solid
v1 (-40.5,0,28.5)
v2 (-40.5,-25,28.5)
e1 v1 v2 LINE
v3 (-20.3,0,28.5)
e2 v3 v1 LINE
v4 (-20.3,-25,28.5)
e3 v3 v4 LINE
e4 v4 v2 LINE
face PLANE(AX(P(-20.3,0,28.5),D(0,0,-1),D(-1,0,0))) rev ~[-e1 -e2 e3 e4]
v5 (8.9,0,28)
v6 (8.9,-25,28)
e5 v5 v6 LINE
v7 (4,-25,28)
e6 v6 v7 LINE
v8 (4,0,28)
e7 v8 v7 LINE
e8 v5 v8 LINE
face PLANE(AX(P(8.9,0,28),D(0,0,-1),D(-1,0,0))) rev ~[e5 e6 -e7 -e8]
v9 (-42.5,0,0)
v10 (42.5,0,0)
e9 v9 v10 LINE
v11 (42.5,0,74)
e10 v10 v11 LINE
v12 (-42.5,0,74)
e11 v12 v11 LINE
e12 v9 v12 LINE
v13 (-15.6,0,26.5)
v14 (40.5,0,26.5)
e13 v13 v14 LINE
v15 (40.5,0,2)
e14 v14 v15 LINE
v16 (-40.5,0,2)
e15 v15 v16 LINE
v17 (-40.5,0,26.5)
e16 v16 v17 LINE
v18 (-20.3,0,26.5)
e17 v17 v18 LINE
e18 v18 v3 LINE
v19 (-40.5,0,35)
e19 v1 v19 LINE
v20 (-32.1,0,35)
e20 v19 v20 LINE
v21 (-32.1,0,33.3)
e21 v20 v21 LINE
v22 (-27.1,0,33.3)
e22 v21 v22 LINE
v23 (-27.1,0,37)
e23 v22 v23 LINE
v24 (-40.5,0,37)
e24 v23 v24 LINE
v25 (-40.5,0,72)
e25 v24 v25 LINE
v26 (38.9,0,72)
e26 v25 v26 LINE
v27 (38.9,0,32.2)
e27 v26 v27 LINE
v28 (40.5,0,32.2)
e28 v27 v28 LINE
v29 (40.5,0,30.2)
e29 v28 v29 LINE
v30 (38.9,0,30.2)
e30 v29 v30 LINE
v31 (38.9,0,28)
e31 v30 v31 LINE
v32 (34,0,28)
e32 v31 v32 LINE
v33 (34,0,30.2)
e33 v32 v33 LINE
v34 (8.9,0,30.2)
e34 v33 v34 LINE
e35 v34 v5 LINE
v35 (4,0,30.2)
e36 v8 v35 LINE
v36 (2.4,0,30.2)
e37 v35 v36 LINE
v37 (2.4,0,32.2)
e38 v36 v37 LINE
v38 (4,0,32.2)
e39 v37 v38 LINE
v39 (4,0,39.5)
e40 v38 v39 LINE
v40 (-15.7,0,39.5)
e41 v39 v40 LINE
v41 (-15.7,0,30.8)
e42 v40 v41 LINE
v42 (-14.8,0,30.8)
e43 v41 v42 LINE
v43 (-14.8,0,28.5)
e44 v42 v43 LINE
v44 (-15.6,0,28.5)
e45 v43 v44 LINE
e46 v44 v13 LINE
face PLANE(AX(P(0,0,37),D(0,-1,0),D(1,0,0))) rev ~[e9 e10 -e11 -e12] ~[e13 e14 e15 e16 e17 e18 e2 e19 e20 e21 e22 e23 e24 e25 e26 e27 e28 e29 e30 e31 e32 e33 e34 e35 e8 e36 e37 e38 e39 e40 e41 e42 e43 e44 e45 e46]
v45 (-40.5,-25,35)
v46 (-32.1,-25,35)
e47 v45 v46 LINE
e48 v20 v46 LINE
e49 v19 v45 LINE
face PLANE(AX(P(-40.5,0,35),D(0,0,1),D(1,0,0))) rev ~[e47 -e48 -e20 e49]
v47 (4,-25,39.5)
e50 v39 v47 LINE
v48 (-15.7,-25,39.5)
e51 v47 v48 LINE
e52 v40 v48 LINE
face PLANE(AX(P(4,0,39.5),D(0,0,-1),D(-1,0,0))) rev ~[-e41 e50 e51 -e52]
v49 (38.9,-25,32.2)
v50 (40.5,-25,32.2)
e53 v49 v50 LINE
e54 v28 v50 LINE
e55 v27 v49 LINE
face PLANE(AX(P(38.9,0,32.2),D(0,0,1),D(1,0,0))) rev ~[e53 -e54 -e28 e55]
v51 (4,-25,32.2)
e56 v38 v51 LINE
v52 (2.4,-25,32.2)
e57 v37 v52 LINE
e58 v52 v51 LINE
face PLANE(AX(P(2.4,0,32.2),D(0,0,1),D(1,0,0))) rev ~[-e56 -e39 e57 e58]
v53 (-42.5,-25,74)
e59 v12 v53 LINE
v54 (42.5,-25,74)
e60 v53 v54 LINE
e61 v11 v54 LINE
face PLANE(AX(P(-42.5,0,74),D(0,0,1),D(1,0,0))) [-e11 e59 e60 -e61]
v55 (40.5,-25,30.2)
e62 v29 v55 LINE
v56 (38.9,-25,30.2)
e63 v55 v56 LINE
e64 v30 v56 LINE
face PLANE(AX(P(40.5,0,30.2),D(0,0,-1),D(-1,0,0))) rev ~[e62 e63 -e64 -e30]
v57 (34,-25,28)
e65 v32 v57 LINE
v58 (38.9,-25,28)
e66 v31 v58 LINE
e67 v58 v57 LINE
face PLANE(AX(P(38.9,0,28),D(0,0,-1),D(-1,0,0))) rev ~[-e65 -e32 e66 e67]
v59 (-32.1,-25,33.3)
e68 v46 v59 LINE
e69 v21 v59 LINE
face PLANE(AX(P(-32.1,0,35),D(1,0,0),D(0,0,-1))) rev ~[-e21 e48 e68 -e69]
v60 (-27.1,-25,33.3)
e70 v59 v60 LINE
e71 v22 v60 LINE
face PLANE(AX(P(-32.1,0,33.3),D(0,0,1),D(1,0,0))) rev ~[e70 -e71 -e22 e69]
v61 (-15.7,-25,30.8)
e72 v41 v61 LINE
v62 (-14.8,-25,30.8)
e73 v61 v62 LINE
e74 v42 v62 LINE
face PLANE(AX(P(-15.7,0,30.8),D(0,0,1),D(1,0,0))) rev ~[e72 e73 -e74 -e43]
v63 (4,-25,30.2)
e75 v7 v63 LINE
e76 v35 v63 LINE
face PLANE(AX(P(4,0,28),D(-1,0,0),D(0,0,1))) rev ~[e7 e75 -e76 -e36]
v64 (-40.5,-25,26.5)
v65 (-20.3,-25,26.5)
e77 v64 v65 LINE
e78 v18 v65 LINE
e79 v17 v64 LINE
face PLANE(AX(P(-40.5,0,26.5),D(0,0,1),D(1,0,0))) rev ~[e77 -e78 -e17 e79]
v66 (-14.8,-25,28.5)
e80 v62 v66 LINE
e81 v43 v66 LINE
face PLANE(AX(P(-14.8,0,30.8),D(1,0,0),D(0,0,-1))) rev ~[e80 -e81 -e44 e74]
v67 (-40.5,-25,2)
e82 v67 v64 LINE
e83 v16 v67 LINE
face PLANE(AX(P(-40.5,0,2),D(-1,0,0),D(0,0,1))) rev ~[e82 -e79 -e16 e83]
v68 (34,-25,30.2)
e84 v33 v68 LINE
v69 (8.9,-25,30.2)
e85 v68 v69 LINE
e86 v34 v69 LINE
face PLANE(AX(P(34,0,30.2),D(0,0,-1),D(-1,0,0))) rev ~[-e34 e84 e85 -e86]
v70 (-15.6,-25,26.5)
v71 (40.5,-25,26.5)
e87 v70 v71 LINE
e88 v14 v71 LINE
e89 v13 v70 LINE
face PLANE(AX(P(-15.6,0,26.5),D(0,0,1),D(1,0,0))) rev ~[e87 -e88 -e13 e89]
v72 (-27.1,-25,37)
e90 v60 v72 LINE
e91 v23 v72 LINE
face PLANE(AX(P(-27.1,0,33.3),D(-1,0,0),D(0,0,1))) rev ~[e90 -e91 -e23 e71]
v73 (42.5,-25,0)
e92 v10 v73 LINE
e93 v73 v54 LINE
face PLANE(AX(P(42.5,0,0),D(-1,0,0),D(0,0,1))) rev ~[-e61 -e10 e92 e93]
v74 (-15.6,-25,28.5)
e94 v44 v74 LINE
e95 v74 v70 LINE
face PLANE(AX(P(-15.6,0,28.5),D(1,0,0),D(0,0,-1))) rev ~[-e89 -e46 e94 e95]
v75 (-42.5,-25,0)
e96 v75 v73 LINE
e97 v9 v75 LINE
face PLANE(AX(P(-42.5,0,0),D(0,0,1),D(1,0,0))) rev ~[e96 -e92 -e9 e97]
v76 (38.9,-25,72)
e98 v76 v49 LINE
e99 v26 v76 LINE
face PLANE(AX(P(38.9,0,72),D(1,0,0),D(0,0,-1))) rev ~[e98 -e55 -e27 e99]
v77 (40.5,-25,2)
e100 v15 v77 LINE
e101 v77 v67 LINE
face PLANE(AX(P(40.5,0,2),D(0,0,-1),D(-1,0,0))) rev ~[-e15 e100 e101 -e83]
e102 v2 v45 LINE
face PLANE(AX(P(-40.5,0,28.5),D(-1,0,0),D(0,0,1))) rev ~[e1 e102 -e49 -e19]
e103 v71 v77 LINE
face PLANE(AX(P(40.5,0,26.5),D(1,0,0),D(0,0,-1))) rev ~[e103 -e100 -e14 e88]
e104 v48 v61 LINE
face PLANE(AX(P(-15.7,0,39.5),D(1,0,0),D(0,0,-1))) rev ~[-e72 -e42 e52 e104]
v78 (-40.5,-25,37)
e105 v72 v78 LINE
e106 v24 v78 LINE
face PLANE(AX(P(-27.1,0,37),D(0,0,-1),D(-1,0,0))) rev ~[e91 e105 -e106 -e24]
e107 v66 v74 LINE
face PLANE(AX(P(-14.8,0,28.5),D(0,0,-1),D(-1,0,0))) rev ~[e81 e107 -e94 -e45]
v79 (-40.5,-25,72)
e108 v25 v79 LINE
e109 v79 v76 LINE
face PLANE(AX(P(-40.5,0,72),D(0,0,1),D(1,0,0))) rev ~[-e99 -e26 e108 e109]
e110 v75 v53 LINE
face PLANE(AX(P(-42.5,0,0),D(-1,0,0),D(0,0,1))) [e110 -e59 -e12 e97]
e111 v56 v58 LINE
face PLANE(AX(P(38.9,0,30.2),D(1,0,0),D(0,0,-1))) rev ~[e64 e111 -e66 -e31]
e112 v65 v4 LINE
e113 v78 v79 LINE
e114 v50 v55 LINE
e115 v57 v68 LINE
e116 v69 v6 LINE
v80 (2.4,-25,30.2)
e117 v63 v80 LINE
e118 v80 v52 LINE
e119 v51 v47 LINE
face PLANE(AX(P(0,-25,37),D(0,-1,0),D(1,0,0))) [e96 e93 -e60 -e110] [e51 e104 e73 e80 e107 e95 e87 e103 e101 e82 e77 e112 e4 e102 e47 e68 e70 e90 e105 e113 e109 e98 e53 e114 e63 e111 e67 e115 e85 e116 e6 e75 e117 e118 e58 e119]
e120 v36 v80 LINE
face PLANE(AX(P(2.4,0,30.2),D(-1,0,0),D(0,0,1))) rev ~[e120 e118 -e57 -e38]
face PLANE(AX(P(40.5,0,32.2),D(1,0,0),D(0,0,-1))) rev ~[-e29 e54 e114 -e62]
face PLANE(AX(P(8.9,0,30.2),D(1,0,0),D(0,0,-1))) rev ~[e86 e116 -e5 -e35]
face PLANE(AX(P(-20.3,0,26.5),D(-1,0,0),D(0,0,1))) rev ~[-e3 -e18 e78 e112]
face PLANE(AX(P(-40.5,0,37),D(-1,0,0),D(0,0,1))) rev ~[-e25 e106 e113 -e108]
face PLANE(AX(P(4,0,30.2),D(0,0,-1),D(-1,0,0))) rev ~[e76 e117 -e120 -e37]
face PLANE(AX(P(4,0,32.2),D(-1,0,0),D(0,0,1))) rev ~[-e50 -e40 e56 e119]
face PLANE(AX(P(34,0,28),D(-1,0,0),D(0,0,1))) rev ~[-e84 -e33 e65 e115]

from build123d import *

# Parameters (mm, degrees)
F0_W     = 85
F0_H     = 74
F1_DEPTH = 25


with BuildPart() as f1:
    # F0 (on Front) → F1 (new body)
    with BuildSketch(Plane.XZ):
        with Locations((0, 37)):
            Rectangle(F0_W, F0_H)
        Polygon((40.5, 2), (-40.5, 2), (-40.5, 26.5), (-20.3, 26.5), (-20.3, 28.5), (-40.5, 28.5), (-40.5, 35), (-32.1, 35), (-32.1, 33.3), (-27.1, 33.3), (-27.1, 37), (-40.5, 37), (-40.5, 72), (38.9, 72), (38.9, 32.2), (40.5, 32.2), (40.5, 30.2), (38.9, 30.2), (38.9, 28), (34, 28), (34, 30.2), (8.9, 30.2), (8.9, 28), (4, 28), (4, 30.2), (2.4, 30.2), (2.4, 32.2), (4, 32.2), (4, 39.5), (-15.7, 39.5), (-15.7, 30.8), (-14.8, 30.8), (-14.8, 28.5), (-15.6, 28.5), (-15.6, 26.5), (40.5, 26.5), align=None, mode=Mode.SUBTRACT)
    extrude(amount=F1_DEPTH)


solid = f1.part
